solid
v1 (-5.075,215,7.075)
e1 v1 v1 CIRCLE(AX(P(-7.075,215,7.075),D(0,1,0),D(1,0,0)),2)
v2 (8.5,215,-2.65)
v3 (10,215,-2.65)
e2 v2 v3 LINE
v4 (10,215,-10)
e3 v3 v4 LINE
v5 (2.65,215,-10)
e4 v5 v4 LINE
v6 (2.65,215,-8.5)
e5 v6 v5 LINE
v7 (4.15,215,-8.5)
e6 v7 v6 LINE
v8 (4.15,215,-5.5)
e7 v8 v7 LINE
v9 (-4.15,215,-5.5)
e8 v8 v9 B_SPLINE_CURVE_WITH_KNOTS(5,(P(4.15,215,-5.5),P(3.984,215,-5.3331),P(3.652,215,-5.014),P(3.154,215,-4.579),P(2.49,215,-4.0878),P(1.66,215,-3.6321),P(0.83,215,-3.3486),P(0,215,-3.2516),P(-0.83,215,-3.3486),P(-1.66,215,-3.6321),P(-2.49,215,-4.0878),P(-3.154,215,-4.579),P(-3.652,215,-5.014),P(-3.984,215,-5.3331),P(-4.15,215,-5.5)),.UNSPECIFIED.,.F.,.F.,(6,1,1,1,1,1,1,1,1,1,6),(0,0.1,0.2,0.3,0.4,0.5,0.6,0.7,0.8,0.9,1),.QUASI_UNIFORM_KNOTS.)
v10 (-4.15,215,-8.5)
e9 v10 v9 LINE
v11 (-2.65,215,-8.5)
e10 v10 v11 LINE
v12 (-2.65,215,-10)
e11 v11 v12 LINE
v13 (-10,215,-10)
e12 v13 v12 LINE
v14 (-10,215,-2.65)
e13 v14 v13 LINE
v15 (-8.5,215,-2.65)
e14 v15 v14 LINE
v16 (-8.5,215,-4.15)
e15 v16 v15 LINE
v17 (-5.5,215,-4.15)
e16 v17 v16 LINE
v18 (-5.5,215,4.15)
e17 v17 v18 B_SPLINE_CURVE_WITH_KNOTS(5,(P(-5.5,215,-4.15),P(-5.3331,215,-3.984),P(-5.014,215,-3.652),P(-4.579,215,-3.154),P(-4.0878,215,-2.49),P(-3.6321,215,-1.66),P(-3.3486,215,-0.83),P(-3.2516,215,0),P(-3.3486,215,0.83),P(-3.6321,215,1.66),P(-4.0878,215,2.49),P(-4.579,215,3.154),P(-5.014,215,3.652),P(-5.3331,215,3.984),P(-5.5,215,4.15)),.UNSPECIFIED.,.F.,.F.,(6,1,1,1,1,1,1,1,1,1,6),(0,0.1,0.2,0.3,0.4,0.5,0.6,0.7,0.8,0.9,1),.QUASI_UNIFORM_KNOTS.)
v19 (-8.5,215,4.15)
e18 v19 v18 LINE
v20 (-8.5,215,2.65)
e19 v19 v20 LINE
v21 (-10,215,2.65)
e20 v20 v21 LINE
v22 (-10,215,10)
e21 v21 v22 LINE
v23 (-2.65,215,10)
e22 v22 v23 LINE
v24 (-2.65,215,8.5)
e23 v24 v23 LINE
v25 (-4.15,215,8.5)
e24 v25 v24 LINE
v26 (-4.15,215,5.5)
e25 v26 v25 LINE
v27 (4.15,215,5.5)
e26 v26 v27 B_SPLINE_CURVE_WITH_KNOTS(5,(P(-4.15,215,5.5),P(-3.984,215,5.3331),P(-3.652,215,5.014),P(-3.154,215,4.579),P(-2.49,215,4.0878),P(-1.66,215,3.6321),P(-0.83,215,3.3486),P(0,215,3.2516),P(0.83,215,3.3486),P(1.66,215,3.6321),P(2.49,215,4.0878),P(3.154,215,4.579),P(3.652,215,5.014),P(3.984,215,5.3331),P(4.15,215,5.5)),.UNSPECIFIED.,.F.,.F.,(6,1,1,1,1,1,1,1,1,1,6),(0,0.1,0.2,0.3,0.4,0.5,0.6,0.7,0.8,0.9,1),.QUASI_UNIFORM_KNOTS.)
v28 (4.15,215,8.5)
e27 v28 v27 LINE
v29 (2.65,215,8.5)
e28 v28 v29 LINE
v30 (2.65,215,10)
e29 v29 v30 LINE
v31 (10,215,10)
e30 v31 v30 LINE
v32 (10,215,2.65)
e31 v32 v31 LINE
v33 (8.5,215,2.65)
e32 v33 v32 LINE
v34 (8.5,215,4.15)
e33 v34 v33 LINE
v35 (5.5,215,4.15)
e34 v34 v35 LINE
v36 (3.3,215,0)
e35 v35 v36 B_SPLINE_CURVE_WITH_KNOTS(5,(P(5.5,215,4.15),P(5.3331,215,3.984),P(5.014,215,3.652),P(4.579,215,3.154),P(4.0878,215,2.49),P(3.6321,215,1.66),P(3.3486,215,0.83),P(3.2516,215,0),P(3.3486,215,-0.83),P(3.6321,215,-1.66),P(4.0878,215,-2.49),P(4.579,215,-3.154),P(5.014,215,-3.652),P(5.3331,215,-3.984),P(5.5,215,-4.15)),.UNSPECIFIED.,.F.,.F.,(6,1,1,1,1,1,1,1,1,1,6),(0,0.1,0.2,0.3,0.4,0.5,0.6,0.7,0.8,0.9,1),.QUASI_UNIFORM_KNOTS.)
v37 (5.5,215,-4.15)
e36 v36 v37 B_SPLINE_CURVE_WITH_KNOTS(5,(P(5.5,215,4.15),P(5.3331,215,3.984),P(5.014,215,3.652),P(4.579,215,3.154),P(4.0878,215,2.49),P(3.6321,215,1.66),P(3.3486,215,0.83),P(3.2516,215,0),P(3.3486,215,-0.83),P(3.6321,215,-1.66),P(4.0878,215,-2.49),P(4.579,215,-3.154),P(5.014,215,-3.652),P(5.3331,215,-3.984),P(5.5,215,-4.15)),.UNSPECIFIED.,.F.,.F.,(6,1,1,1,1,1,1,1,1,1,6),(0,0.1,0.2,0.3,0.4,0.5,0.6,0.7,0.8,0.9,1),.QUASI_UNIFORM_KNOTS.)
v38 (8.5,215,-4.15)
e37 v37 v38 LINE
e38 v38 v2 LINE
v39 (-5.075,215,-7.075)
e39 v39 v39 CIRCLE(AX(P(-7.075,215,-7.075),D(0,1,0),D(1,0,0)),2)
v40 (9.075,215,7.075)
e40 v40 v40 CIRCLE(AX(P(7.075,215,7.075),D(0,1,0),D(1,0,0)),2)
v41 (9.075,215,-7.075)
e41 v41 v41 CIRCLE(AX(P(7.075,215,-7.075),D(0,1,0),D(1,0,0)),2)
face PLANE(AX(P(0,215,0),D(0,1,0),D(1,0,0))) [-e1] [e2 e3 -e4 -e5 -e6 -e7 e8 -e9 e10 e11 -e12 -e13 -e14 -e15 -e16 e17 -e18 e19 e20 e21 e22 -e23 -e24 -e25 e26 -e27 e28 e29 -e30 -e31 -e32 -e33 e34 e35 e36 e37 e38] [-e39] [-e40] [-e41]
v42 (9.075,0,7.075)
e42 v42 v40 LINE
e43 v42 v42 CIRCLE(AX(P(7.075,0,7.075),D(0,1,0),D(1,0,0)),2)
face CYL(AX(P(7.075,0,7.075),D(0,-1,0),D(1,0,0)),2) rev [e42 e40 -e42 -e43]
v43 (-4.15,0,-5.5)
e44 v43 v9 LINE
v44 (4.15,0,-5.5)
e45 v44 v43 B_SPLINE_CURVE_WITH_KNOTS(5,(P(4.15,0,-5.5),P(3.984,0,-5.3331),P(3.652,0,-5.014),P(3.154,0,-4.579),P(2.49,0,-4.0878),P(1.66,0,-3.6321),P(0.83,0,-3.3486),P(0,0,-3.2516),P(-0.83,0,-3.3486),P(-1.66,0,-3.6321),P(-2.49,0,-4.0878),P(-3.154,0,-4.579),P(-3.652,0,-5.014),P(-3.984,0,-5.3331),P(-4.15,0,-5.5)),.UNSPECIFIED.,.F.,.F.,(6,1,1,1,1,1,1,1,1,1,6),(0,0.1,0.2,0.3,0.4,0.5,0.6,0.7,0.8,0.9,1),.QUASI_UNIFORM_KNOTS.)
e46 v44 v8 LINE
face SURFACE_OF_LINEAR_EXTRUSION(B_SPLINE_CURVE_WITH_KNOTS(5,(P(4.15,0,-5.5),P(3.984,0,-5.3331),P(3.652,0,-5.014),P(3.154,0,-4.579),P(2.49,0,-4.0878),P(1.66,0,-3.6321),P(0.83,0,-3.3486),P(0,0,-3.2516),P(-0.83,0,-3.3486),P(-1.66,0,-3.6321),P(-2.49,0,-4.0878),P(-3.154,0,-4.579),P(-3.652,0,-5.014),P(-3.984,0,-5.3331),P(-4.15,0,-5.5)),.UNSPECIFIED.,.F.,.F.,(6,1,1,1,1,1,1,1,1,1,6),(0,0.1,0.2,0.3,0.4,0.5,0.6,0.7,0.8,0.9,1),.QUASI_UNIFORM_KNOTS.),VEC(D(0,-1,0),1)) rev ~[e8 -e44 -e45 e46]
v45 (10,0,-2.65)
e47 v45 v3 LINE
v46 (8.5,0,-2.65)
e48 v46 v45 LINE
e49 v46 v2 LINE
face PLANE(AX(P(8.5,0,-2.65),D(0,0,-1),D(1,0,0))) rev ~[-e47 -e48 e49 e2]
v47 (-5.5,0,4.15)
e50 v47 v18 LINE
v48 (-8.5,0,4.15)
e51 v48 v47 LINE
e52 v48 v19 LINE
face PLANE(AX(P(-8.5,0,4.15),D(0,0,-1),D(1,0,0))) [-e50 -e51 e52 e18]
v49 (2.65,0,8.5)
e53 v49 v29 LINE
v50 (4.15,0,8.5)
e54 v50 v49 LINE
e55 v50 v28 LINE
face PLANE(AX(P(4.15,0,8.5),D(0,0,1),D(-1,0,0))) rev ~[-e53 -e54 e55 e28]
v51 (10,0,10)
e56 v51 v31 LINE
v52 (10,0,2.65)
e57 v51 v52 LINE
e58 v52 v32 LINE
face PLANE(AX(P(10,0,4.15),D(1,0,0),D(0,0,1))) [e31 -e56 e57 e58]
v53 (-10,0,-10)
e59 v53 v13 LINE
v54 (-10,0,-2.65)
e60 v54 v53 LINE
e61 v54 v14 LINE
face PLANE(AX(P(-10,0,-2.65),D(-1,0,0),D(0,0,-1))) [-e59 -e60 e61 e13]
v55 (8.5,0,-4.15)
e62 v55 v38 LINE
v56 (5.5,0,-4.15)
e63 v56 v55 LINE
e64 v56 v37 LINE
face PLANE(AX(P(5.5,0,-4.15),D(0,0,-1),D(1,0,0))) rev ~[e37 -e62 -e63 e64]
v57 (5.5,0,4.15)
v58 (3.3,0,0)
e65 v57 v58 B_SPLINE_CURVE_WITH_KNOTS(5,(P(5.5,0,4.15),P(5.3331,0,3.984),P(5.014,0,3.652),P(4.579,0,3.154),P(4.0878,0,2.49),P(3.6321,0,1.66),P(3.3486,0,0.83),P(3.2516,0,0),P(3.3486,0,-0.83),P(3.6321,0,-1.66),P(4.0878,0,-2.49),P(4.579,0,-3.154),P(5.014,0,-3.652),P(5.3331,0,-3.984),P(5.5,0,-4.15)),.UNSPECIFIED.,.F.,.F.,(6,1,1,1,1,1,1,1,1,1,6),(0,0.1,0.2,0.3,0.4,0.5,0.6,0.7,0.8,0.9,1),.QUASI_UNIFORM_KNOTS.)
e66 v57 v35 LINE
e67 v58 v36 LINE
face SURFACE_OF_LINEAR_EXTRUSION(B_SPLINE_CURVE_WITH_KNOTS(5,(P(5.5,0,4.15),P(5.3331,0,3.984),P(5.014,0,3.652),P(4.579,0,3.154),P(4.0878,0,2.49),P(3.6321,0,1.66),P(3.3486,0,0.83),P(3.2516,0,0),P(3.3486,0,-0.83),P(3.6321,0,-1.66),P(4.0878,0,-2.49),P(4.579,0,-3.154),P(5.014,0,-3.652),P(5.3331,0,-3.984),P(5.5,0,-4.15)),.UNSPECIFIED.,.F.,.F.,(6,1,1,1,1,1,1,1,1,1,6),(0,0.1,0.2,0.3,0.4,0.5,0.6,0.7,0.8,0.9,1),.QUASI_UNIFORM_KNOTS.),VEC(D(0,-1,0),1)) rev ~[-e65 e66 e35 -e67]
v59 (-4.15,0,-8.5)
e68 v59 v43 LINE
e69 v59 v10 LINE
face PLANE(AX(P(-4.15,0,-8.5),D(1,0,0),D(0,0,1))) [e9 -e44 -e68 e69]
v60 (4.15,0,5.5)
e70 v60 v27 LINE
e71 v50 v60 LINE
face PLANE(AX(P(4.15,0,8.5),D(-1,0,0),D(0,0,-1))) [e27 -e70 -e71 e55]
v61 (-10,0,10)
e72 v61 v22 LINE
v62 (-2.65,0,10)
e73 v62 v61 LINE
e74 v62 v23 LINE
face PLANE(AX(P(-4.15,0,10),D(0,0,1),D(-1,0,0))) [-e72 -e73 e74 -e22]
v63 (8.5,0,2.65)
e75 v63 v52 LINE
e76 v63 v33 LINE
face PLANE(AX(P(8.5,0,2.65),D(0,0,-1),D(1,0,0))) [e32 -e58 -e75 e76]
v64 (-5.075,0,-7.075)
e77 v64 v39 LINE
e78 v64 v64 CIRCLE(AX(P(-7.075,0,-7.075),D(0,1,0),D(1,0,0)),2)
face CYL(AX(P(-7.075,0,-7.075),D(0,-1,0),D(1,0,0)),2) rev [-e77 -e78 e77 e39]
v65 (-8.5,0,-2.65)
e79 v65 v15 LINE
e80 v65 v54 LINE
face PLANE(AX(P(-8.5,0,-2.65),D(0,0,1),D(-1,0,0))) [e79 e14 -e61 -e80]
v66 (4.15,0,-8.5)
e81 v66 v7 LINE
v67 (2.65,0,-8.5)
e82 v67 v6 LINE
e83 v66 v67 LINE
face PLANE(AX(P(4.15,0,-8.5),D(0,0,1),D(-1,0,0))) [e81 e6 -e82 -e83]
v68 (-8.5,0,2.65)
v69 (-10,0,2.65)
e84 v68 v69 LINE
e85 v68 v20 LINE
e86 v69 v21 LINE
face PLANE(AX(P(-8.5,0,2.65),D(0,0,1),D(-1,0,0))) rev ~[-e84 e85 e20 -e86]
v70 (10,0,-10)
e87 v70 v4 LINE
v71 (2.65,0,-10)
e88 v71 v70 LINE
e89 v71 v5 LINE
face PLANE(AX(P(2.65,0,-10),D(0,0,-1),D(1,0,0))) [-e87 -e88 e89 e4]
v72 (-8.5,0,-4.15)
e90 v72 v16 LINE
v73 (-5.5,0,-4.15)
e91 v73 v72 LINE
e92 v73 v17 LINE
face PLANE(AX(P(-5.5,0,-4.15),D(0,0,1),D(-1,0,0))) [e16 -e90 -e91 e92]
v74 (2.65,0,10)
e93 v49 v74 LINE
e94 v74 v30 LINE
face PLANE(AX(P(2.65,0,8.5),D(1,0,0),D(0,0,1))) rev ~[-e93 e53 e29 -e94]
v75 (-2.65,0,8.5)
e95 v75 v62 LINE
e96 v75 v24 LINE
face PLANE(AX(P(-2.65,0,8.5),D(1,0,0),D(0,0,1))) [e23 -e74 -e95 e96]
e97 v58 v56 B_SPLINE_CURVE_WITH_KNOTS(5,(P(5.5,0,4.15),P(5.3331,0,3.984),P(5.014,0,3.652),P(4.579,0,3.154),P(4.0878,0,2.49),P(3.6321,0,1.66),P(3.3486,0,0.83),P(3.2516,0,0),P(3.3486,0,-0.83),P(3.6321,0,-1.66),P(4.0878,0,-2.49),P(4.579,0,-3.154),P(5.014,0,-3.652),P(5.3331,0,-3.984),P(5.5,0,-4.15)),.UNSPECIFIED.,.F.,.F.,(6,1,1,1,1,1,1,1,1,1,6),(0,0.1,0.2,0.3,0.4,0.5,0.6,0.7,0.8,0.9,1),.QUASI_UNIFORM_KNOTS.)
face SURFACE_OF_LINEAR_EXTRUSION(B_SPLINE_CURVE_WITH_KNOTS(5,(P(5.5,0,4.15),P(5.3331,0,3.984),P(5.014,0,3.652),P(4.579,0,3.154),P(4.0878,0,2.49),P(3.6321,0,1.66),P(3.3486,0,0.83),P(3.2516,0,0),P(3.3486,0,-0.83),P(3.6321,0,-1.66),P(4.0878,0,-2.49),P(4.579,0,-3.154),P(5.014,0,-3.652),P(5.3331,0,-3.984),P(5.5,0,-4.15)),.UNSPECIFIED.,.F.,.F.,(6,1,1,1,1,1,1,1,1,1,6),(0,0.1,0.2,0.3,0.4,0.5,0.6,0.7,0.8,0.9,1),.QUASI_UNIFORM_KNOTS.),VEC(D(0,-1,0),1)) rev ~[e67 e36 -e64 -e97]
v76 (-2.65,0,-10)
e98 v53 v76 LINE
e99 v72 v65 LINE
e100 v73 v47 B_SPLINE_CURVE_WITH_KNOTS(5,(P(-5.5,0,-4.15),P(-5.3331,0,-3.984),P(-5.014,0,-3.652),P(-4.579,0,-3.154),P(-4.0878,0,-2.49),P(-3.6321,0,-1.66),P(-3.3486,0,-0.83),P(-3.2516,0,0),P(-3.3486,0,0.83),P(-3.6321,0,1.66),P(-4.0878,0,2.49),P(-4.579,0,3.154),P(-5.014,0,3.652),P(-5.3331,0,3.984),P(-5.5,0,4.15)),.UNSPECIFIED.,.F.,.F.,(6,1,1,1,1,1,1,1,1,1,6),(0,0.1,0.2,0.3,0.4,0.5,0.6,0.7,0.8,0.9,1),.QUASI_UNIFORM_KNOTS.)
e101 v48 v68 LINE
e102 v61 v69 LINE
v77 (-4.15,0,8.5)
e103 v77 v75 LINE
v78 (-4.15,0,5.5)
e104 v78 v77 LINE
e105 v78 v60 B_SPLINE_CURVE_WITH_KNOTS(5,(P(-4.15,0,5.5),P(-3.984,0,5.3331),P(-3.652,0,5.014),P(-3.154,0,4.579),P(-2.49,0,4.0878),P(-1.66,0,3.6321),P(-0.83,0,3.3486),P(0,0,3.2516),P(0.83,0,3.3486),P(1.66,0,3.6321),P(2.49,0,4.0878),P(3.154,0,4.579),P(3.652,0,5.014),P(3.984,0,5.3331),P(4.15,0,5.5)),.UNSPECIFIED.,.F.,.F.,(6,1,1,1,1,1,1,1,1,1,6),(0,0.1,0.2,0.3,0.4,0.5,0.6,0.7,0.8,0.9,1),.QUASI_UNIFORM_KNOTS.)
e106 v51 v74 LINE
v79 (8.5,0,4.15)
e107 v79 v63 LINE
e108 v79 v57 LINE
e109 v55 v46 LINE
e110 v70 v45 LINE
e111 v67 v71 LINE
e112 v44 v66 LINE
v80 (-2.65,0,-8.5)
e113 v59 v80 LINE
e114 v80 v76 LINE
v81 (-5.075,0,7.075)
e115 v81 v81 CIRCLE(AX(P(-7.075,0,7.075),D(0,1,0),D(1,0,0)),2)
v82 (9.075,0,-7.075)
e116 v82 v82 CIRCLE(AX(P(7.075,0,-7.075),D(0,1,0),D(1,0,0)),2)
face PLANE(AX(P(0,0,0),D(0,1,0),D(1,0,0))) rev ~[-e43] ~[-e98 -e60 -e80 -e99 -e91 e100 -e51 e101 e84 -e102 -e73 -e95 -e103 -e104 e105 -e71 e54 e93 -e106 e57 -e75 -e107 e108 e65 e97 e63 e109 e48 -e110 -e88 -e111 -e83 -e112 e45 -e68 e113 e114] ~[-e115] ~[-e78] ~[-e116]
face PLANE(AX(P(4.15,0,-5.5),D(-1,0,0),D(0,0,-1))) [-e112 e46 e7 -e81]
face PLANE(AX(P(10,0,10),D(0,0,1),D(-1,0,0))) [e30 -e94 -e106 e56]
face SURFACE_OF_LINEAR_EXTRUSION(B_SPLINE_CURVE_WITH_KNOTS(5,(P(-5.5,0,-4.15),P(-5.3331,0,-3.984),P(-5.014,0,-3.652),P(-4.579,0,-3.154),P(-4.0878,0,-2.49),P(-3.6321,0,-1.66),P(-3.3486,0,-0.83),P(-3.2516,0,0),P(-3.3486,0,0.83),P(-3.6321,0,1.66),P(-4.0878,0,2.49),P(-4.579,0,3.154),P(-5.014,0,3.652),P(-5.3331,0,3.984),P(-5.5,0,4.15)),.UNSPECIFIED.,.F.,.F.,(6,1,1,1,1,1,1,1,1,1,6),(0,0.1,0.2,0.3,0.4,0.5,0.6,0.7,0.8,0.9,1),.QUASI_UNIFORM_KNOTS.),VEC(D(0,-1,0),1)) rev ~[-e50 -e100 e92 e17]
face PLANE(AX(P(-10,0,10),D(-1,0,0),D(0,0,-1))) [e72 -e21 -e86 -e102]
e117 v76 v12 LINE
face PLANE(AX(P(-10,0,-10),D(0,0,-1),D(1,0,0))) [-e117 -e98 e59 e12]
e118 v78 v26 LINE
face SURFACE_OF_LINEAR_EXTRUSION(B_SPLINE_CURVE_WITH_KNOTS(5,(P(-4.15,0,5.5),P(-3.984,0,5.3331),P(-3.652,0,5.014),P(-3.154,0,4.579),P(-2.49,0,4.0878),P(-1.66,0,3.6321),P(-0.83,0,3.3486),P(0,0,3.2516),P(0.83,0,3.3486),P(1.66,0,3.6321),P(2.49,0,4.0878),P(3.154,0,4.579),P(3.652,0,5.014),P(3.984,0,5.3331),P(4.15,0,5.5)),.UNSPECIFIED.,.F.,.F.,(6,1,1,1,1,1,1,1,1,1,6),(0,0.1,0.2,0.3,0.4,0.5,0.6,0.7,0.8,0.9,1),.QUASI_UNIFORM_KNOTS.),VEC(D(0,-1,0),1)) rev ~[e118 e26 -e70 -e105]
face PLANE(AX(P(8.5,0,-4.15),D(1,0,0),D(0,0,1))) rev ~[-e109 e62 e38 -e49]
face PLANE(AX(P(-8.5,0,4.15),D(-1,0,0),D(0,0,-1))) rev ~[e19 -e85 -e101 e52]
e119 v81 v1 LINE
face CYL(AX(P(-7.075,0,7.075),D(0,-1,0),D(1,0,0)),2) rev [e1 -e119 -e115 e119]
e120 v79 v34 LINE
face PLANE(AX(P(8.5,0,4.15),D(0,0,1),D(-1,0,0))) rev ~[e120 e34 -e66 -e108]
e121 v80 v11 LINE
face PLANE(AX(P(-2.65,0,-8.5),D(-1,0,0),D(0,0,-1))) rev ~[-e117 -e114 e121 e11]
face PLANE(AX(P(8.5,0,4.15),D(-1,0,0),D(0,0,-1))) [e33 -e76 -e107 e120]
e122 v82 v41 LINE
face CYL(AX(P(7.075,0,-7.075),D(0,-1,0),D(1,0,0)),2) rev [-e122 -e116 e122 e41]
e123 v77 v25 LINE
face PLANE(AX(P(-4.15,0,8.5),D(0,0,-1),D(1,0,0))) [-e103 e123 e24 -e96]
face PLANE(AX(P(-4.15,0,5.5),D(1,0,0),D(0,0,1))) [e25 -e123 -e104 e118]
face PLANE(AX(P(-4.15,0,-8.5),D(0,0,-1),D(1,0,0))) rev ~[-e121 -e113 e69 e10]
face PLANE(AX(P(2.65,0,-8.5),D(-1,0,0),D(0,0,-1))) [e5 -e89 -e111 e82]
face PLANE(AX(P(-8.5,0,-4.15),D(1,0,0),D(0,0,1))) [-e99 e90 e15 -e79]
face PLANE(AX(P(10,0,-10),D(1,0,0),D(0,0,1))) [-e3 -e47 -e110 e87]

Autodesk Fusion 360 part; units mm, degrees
sketch "스케치1" plane through (0, 0, 0) normal (0, 1, 0) x (1, 0, 0)
  line L0 (10, -10) -> (-10, -10)
  line L1 (-10, -10) -> (-10, 10)
  line L2 (-10, 10) -> (10, 10)
  line L3 (10, 10) -> (10, -10)
  line L4 (10, -10) -> (-10, 10) construction
  line L5 (-10, -10) -> (10, 10) construction
  line L6 (10, 0) -> (10, -4.15)
  line L7 (3.3, 0) -> (3.3, 4.15)
  line L8 (3.3, 4.15) -> (10, 4.15)
  line L9 (10, 4.15) -> (10, -4.15)
  line L10 (10, -4.15) -> (3.3, -4.15)
  line L11 (3.3, -4.15) -> (3.3, 4.15)
  line L12 (10, -4.15) -> (8.5, -4.15)
  line L13 (8.5, -4.15) -> (8.5, -2.65)
  line L14 (8.5, -2.65) -> (10, -2.65)
  line L15 (10, -2.65) -> (10, -4.15)
  line L16 (10, 4.15) -> (8.5, 4.15)
  line L17 (8.5, 4.15) -> (8.5, 2.65)
  line L18 (8.5, 2.65) -> (10, 2.65)
  line L19 (10, 2.65) -> (10, 4.15)
  line L20 (8.5, 4.15) -> (5.5, 4.15)
  line L21 (5.5, 4.15) -> (5.5, -4.15)
  line L22 (5.5, -4.15) -> (8.5, -4.15)
  line L23 (8.5, -4.15) -> (8.5, 4.15)
  spline S0 degree 5 poles (5.5, -4.15) (5.3331, -3.984) (5.014, -3.652) (4.579, -3.154) (4.0878, -2.49) (3.6321, -1.66) (3.3486, -0.83) (3.2516, 0) (3.3486, 0.83) (3.6321, 1.66) (4.0878, 2.49) (4.579, 3.154) (5.014, 3.652) (5.3331, 3.984) (5.5, 4.15) knots 0 0 0 0 0 0 0.1 0.2 0.3 0.4 0.5 0.6 0.7 0.8 0.9 1 1 1 1 1 1
  spline S1 degree 5 poles (4.15, 5.5) (3.984, 5.3331) (3.652, 5.014) (3.154, 4.579) (2.49, 4.0878) (1.66, 3.6321) (0.83, 3.3486) (0, 3.2516) (-0.83, 3.3486) (-1.66, 3.6321) (-2.49, 4.0878) (-3.154, 4.579) (-3.652, 5.014) (-3.984, 5.3331) (-4.15, 5.5) knots 0 0 0 0 0 0 0.1 0.2 0.3 0.4 0.5 0.6 0.7 0.8 0.9 1 1 1 1 1 1
  line L24 (4.15, 5.5) -> (4.15, 8.5)
  line L25 (4.15, 8.5) -> (2.65, 8.5)
  line L26 (2.65, 8.5) -> (2.65, 10)
  line L27 (-4.15, 8.5) -> (-4.15, 5.5)
  line L28 (-4.15, 8.5) -> (-2.65, 8.5)
  line L29 (-2.65, 8.5) -> (-2.65, 10)
  spline S2 degree 5 poles (-5.5, 4.15) (-5.3331, 3.984) (-5.014, 3.652) (-4.579, 3.154) (-4.0878, 2.49) (-3.6321, 1.66) (-3.3486, 0.83) (-3.2516, 0) (-3.3486, -0.83) (-3.6321, -1.66) (-4.0878, -2.49) (-4.579, -3.154) (-5.014, -3.652) (-5.3331, -3.984) (-5.5, -4.15) knots 0 0 0 0 0 0 0.1 0.2 0.3 0.4 0.5 0.6 0.7 0.8 0.9 1 1 1 1 1 1
  line L30 (-5.5, 4.15) -> (-8.5, 4.15)
  line L31 (-8.5, 4.15) -> (-8.5, 2.65)
  line L32 (-8.5, 2.65) -> (-10, 2.65)
  line L33 (-8.5, -4.15) -> (-5.5, -4.15)
  line L34 (-8.5, -4.15) -> (-8.5, -2.65)
  line L35 (-8.5, -2.65) -> (-10, -2.65)
  spline S3 degree 5 poles (-4.15, -5.5) (-3.984, -5.3331) (-3.652, -5.014) (-3.154, -4.579) (-2.49, -4.0878) (-1.66, -3.6321) (-0.83, -3.3486) (0, -3.2516) (0.83, -3.3486) (1.66, -3.6321) (2.49, -4.0878) (3.154, -4.579) (3.652, -5.014) (3.984, -5.3331) (4.15, -5.5) knots 0 0 0 0 0 0 0.1 0.2 0.3 0.4 0.5 0.6 0.7 0.8 0.9 1 1 1 1 1 1
  line L36 (-4.15, -5.5) -> (-4.15, -8.5)
  line L37 (-4.15, -8.5) -> (-2.65, -8.5)
  line L38 (-2.65, -8.5) -> (-2.65, -10)
  line L39 (4.15, -8.5) -> (4.15, -5.5)
  line L40 (4.15, -8.5) -> (2.65, -8.5)
  line L41 (2.65, -8.5) -> (2.65, -10)
  line L42 (-10, -10) -> (-4.15, -10)
  line L43 (-4.15, -10) -> (-4.15, -4.15)
  line L44 (-4.15, -4.15) -> (-10, -4.15)
  line L45 (-10, -4.15) -> (-10, -10)
  circle A0 centre (-7.075, -7.075) radius 2
  circle A1 centre (7.075, -7.075) radius 2
  circle A2 centre (7.075, 7.075) radius 2
  circle A3 centre (-7.075, 7.075) radius 2
  point P0 (0, 3.3)
  point P1 (-3.3, 0)
  point P2 (0, -3.3)
  dimension "d1" = 20
  dimension "d2" = 20
  dimension "d3" = 6.7
  dimension "d4" = 4.15
  dimension "d5" = 4.15
  dimension "d6" = 1.5
  dimension "d7" = 1.5
  dimension "d8" = 1.5
  dimension "d9" = 1.5
  dimension "d10" = 3
  dimension "d12" = 360
  dimension "d13" = 5.85
  dimension "d14" = 4
  dimension "d16" = 360
extrude "돌출1" add sketch "스케치1" along normal blind 215 contours L0 L1 L2 L3 L7 L8 L10 L11 L12 L16 L20 L22 S1 L24 L25 L26 L27 L28 L29 S2 L30 L31 L32 S3 L39 L40 L41 L43 L44 | L3 L6 L9 L10 L12 L13 L14 L15 L23 | L0 L37 L38 L43 | L0 L1 L33 L36 L42 L43 L44 L45 | L10 L11 S0 | L3 L8 L9 L16 L17 L18 L19 L23 | L7 L8 L11 S0 | L1 L34 L35 L44
